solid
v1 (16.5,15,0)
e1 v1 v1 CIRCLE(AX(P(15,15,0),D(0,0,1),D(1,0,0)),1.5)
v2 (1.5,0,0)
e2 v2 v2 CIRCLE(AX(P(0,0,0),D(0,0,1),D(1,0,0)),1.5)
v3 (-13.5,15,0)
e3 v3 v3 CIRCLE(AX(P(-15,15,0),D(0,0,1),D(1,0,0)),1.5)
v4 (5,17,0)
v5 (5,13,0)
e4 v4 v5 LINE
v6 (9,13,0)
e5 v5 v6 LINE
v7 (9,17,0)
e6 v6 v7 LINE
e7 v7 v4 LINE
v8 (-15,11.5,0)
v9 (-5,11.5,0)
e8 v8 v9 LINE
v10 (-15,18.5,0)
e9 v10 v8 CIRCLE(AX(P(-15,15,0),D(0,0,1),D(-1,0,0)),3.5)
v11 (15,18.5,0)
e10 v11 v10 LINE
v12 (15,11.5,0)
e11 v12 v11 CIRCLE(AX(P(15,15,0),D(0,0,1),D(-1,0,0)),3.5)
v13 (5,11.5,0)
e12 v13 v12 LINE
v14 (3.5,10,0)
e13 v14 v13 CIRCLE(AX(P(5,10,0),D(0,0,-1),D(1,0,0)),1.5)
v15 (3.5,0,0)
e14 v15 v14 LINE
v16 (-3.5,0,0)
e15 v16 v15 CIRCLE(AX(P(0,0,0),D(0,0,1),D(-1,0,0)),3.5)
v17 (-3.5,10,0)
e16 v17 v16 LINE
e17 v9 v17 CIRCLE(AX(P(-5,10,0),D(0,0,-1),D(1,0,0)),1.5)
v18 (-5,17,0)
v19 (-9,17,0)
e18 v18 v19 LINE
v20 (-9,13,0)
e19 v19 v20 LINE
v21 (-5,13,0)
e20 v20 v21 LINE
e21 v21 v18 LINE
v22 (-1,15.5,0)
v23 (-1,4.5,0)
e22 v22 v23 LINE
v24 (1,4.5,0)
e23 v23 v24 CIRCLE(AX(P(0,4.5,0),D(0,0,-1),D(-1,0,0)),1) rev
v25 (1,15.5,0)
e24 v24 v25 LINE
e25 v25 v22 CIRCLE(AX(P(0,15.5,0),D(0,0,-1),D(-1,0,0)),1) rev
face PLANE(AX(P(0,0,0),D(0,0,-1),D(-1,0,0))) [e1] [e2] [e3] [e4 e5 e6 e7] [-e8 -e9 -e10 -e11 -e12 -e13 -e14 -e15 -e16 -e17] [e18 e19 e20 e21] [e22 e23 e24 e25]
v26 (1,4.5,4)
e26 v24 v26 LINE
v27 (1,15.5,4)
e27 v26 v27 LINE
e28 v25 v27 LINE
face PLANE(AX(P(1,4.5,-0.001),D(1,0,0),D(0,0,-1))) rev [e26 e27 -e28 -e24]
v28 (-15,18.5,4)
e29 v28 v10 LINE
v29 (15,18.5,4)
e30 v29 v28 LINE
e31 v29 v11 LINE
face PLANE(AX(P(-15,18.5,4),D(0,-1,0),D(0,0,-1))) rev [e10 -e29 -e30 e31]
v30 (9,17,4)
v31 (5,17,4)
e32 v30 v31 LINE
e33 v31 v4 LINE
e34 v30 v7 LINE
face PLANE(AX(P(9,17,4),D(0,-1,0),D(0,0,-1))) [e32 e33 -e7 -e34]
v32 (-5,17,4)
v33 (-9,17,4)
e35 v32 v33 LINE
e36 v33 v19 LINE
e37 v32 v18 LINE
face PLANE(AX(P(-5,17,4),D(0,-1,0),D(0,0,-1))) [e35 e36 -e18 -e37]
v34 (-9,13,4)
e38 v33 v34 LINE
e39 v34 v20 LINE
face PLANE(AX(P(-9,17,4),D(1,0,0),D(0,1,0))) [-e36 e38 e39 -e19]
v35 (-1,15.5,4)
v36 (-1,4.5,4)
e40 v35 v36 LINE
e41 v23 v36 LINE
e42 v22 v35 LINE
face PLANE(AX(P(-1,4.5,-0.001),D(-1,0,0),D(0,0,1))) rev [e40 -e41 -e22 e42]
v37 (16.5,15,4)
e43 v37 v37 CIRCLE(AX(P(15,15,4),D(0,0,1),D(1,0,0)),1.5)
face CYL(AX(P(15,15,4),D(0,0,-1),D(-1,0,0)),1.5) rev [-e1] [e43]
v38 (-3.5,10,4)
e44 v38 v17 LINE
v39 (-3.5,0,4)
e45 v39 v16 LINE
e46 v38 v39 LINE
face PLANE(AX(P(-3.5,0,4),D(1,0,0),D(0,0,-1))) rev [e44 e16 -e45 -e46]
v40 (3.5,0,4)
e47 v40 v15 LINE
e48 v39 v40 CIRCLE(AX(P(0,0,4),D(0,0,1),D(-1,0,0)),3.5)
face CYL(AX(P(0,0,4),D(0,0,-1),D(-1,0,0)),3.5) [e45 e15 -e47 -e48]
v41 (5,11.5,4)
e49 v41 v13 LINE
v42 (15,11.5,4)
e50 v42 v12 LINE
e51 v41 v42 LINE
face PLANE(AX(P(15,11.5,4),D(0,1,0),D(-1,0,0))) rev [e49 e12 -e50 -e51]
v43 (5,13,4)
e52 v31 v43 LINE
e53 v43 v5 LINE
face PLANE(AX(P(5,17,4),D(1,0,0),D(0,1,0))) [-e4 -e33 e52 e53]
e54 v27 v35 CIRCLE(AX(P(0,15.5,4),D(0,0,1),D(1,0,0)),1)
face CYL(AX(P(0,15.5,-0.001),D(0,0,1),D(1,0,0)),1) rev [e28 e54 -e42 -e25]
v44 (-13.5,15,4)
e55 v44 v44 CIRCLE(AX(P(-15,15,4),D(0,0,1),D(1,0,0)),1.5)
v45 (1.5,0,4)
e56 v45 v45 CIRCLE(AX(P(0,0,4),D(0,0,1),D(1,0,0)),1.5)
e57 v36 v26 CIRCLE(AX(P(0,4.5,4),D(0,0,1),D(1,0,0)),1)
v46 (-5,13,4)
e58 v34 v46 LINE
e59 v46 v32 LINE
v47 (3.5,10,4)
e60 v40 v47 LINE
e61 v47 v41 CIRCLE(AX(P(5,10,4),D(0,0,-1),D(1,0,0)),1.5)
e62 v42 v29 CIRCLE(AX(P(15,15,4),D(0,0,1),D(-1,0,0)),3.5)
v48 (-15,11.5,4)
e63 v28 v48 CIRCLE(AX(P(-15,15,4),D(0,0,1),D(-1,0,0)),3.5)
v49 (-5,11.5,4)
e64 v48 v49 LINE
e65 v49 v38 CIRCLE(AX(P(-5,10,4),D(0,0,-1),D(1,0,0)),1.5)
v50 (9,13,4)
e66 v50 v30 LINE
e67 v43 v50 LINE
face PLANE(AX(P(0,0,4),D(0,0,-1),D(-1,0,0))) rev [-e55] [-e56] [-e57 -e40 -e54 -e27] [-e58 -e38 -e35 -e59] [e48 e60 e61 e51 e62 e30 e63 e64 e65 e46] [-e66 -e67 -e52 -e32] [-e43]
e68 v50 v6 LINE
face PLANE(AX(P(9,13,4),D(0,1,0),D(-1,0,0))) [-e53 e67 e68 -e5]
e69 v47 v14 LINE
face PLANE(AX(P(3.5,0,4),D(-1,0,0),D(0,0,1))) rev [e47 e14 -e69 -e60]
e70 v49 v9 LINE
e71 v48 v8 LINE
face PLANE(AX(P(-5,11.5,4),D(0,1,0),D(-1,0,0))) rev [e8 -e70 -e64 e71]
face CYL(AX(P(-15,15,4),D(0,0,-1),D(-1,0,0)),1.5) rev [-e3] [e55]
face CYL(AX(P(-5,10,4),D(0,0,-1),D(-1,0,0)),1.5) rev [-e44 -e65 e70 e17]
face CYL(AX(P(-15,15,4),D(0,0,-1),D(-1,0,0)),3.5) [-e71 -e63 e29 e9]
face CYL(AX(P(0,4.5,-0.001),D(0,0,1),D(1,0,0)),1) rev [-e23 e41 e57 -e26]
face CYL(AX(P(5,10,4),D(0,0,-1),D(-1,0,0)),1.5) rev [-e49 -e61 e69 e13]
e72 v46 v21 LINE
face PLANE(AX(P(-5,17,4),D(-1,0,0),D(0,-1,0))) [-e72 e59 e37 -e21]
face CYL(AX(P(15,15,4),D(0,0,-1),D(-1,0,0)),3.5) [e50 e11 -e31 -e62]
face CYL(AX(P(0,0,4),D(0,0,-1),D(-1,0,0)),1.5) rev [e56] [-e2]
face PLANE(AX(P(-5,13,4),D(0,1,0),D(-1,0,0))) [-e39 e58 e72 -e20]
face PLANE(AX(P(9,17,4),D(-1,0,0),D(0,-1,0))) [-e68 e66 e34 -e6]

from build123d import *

# Parameters (mm, degrees)
ESQUISSE1_R             = 1.5
ESQUISSE1_W             = 4
ESQUISSE1_H             = 4
BOSS_EXTRU_1_DEPTH      = 4
ENL_V_MAT_EXTRU_1_REACH = 28.467


with BuildPart() as part:
    # Esquisse1 → Boss.-Extru.1 (new body)
    with BuildSketch(Plane.XY):
        with BuildLine():
            Line((-3.5, 0), (-3.5, 10))
            ThreePointArc((-3.5, 10), (-3.939339828, 11.060660172), (-5, 11.5))
            Line((-5, 11.5), (-15, 11.5))
            ThreePointArc((-15, 11.5), (-18.5, 15), (-15, 18.5))
            Line((-15, 18.5), (15, 18.5))
            ThreePointArc((15, 18.5), (18.5, 15), (15, 11.5))
            Line((15, 11.5), (5, 11.5))
            ThreePointArc((5, 11.5), (3.939339828, 11.060660172), (3.5, 10))
            Line((3.5, 10), (3.5, 0))
            ThreePointArc((3.5, 0), (0, -3.5), (-3.5, 0))
        make_face()
        Circle(ESQUISSE1_R, mode=Mode.SUBTRACT)
        with Locations((-15, 15)):
            Circle(ESQUISSE1_R, mode=Mode.SUBTRACT)
        with Locations((15, 15)):
            Circle(ESQUISSE1_R, mode=Mode.SUBTRACT)
        with Locations((-7, 15)):
            Rectangle(ESQUISSE1_W, ESQUISSE1_H, mode=Mode.SUBTRACT)
        with Locations((7, 15)):
            Rectangle(ESQUISSE1_W, ESQUISSE1_H, mode=Mode.SUBTRACT)
    extrude(amount=BOSS_EXTRU_1_DEPTH)

    # Esquisse2 → Enlèv. mat.-Extru.1 (cut, up to next)
    with BuildSketch(Plane.XY.offset(4), mode=Mode.PRIVATE) as enl_v_mat_extru_1_sk1:
        with BuildLine():
            Line((-1, 4.5), (-1, 15.5))
            ThreePointArc((-1, 15.5), (0, 16.5), (1, 15.5))
            Line((1, 15.5), (1, 4.5))
            ThreePointArc((1, 4.5), (0, 3.5), (-1, 4.5))
        make_face()
    enl_v_mat_extru_1_tool1 = extrude(enl_v_mat_extru_1_sk1.sketch, amount=-ENL_V_MAT_EXTRU_1_REACH, mode=Mode.PRIVATE) & part.part
    add(enl_v_mat_extru_1_tool1.solids().sort_by_distance((0, 10, 4))[0], mode=Mode.SUBTRACT)


solid = part.part
